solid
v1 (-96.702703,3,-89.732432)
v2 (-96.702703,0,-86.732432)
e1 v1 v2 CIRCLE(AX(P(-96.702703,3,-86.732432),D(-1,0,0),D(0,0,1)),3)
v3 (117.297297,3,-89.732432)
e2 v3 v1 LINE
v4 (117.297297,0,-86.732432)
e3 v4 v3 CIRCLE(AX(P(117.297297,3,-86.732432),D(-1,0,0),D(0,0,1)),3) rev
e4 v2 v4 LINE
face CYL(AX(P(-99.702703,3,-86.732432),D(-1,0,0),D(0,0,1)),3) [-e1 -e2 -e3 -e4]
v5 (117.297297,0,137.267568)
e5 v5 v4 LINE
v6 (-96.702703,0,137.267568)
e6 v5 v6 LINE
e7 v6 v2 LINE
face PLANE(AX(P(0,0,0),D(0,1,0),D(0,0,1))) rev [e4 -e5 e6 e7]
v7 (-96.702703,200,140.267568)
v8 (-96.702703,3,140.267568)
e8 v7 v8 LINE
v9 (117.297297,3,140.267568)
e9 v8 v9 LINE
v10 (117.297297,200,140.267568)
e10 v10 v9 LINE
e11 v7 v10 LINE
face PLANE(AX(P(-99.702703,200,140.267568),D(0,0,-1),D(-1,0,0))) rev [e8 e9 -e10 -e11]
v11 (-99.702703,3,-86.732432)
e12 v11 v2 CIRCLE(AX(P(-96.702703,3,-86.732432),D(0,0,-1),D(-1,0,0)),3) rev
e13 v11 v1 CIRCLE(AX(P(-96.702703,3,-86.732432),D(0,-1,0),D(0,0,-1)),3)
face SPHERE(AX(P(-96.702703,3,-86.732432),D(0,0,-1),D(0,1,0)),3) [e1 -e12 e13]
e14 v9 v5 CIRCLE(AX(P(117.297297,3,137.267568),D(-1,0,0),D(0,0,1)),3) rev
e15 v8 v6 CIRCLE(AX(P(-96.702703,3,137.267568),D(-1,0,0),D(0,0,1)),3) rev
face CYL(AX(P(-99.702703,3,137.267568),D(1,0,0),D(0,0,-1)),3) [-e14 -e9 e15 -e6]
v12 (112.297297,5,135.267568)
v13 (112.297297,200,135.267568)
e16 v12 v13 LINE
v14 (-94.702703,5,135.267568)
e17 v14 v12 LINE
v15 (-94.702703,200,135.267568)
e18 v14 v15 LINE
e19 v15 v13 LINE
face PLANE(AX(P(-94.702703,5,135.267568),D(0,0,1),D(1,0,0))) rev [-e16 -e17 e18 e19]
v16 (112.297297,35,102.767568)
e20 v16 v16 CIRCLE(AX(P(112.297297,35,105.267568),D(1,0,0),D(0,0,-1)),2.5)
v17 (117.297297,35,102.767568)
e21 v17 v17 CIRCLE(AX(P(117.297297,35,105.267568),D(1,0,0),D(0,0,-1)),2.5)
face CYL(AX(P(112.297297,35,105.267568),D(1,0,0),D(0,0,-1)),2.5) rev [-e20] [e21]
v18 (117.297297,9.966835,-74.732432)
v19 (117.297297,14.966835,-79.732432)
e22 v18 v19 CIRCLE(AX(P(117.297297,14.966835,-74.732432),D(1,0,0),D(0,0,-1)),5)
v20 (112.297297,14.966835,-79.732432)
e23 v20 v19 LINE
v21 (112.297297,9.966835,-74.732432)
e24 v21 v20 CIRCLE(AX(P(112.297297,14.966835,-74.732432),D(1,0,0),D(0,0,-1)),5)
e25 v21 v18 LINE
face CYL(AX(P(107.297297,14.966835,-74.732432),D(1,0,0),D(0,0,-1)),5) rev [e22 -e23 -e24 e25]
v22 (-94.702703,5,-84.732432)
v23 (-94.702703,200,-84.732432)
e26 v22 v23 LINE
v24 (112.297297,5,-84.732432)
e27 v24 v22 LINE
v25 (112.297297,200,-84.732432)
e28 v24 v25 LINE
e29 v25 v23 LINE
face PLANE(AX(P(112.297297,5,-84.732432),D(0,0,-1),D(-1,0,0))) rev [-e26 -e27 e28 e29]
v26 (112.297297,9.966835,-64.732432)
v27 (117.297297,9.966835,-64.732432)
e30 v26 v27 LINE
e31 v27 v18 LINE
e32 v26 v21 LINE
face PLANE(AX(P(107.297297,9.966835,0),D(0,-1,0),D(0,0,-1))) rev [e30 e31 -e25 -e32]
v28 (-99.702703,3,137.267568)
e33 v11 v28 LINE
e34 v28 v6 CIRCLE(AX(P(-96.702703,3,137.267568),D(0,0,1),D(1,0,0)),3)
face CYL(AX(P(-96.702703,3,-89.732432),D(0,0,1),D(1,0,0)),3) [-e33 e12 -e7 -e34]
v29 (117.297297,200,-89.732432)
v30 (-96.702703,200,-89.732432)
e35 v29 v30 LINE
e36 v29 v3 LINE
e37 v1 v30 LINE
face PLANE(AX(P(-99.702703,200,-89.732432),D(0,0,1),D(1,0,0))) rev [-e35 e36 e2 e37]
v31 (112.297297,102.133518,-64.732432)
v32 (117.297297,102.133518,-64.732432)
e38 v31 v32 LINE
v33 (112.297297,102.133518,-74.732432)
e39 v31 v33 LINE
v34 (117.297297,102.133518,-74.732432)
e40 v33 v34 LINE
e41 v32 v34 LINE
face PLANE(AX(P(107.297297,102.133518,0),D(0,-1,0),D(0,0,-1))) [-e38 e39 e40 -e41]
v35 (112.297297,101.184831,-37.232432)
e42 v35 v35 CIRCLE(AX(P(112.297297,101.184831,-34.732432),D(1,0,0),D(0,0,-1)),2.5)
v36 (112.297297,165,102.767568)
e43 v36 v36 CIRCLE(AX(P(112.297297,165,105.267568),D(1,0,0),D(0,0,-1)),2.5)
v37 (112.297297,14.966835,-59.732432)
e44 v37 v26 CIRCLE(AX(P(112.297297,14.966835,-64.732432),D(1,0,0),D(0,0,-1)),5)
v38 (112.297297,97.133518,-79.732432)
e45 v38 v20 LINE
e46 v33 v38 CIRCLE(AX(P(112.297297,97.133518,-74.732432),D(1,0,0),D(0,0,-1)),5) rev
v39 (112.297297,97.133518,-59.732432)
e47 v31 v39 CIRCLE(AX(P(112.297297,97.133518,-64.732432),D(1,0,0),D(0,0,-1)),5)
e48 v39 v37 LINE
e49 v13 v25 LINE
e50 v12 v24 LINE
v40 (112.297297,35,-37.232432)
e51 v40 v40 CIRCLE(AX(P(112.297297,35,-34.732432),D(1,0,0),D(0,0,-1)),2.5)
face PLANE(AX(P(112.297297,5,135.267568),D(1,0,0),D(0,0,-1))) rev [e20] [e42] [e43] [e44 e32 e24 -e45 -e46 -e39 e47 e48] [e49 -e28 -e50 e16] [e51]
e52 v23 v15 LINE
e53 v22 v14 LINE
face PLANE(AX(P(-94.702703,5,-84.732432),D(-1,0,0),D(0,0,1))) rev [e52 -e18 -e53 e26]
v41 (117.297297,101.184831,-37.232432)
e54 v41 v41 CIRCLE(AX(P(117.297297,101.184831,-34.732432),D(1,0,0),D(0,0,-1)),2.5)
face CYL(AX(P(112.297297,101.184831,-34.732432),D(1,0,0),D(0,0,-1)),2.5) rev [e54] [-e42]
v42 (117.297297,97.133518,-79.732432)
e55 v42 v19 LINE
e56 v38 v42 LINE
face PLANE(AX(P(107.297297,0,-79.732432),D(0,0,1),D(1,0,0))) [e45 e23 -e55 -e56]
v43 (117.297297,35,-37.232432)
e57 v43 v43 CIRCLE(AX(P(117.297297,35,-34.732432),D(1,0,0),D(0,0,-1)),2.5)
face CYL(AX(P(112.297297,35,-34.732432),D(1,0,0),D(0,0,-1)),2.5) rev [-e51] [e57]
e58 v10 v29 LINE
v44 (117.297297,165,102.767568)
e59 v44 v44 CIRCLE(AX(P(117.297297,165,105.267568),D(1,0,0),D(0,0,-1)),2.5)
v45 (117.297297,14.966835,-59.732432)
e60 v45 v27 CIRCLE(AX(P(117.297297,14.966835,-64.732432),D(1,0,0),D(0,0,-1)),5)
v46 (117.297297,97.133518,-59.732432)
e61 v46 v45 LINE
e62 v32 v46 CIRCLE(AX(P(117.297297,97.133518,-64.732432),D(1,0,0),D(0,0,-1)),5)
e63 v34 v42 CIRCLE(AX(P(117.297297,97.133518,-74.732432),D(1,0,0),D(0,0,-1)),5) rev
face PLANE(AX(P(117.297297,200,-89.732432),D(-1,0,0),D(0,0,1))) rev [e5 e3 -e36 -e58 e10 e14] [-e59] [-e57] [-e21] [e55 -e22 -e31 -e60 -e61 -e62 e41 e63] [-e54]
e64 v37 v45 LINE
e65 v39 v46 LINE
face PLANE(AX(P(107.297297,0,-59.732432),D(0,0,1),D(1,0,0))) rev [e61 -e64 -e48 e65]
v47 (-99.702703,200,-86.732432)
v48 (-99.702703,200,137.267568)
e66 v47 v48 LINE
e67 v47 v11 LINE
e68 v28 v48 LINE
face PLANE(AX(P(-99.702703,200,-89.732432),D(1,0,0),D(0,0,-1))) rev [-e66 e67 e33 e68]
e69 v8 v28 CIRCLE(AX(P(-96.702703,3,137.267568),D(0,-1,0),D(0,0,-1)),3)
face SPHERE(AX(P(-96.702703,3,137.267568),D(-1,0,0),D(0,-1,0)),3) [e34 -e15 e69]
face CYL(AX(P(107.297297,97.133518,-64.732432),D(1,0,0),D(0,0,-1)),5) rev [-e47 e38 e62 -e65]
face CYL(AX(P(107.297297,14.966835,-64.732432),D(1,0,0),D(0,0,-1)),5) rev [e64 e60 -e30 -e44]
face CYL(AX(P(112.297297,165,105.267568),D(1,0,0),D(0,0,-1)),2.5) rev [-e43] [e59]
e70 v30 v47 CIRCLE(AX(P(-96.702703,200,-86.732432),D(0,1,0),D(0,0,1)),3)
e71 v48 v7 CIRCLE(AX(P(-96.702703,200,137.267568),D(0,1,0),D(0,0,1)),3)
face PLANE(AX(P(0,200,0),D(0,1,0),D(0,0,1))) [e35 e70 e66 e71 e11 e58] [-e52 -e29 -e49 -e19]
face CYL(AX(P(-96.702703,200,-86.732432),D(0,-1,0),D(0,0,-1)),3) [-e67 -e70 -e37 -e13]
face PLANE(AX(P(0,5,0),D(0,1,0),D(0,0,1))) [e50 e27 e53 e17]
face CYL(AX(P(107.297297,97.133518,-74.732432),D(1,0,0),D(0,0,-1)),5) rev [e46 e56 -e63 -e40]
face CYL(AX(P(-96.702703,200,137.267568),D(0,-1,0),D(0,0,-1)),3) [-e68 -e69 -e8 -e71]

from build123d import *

# Parameters (mm, degrees)
SKETCH1_W           = 217
SKETCH1_H           = 230
BOSS_EXTRUDE1_DEPTH = 200
SKETCH2_W           = 207
SKETCH2_H           = 220
CUT_EXTRUDE1_DEPTH  = 195
FILLET1_R           = 3
CUT_EXTRUDE2_DEPTH  = 5
CUT_EXTRUDE3_DEPTH  = 10


with BuildPart() as part:
    # Sketch1 → Boss-Extrude1 (new body)
    with BuildSketch(Plane(origin=(0, 0, 0), x_dir=(1, 0, 0), z_dir=(0, 1, 0))):
        with Locations((8.797297297, -25.267567568)):
            Rectangle(SKETCH1_W, SKETCH1_H)
    extrude(amount=BOSS_EXTRUDE1_DEPTH)

    # Sketch2 → Cut-Extrude1 (cut)
    with BuildSketch(Plane(origin=(0, 200, 0), x_dir=(1, 0, 0), z_dir=(0, 1, 0))):
        with Locations((8.797297297, -25.267567568)):
            Rectangle(SKETCH2_W, SKETCH2_H)
    extrude(amount=-CUT_EXTRUDE1_DEPTH, mode=Mode.SUBTRACT)

    # Fillet1
    fillet1_edges = [part.edges().sort_by_distance(p)[0] for p in [
        (8.797297297, 0, -89.732432432),
        (8.797297297, 0, 140.267567568),
        (-99.702702703, 0, 25.267567568),
        (-99.702702703, 100, -89.732432432),
        (-99.702702703, 100, 140.267567568),
    ]]
    fillet(fillet1_edges, radius=FILLET1_R)

    # Sketch3 → Cut-Extrude2 (cut)
    with BuildSketch(Plane(origin=(117.297297297, 0, 0), x_dir=(0, 0, -1), z_dir=(1, 0, 0))):
        with BuildLine():
            ThreePointArc((-105.267567568, 162.5), (-103.499800615, 163.232233047), (-102.767567568, 165))
            Line((-102.767567568, 165), (-105.267567568, 165))
            Line((-105.267567568, 165), (-105.267567568, 162.5))
        make_face()
        with BuildLine():
            Line((-105.267567568, 165), (-102.767567568, 165))
            ThreePointArc((-102.767567568, 165), (-107.035334521, 166.767766953), (-105.267567568, 162.5))
            Line((-105.267567568, 162.5), (-105.267567568, 165))
        make_face()
        with BuildLine():
            ThreePointArc((-105.267567568, 37.5), (-107.035334521, 33.232233047), (-102.767567568, 35))
            Line((-102.767567568, 35), (-105.267567568, 35))
            Line((-105.267567568, 35), (-105.267567568, 37.5))
        make_face()
        with BuildLine():
            Line((-105.267567568, 35), (-102.767567568, 35))
            ThreePointArc((-102.767567568, 35), (-103.499800615, 36.767766953), (-105.267567568, 37.5))
            Line((-105.267567568, 37.5), (-105.267567568, 35))
        make_face()
        with BuildLine():
            ThreePointArc((37.232432432, 35), (36.500199385, 36.767766953), (34.732432432, 37.5))
            Line((34.732432432, 37.5), (34.732432432, 35))
            Line((34.732432432, 35), (32.232432432, 35))
            ThreePointArc((32.232432432, 35), (34.732432432, 32.5), (37.232432432, 35))
        make_face()
        with BuildLine():
            Line((34.732432432, 35), (34.732432432, 37.5))
            ThreePointArc((34.732432432, 37.5), (32.964665479, 36.767766953), (32.232432432, 35))
            Line((32.232432432, 35), (34.732432432, 35))
        make_face()
        with BuildLine():
            Line((32.56180467, 102.425143832), (34.732432432, 101.184831324))
            Line((34.732432432, 101.184831324), (34.732432432, 98.684831324))
            ThreePointArc((34.732432432, 98.684831324), (36.500199385, 99.417064371), (37.232432432, 101.184831324))
            ThreePointArc((37.232432432, 101.184831324), (35.37408288, 103.601085595), (32.56180467, 102.425143832))
        make_face()
        with BuildLine():
            Line((34.732432432, 98.684831324), (34.732432432, 101.184831324))
            Line((34.732432432, 101.184831324), (32.56180467, 102.425143832))
            ThreePointArc((32.56180467, 102.425143832), (32.570167269, 99.929996927), (34.732432432, 98.684831324))
        make_face()
    extrude(amount=-CUT_EXTRUDE2_DEPTH, mode=Mode.SUBTRACT)

    # Sketch4 → Cut-Extrude3 (cut)
    with BuildSketch(Plane(origin=(117.297297297, 0, 0), x_dir=(0, 0, -1), z_dir=(1, 0, 0))):
        with BuildLine():
            Line((64.732432432, 102.133518404), (74.732432432, 102.133518404))
            ThreePointArc((74.732432432, 102.133518404), (78.267966338, 100.66905231), (79.732432432, 97.133518404))
            Line((79.732432432, 97.133518404), (79.732432432, 14.966834817))
            ThreePointArc((79.732432432, 14.966834817), (78.267966338, 11.431300911), (74.732432432, 9.966834817))
            Line((74.732432432, 9.966834817), (64.732432432, 9.966834817))
            ThreePointArc((64.732432432, 9.966834817), (61.196898526, 11.431300911), (59.732432432, 14.966834817))
            Line((59.732432432, 14.966834817), (59.732432432, 97.133518404))
            ThreePointArc((59.732432432, 97.133518404), (61.196898526, 100.66905231), (64.732432432, 102.133518404))
        make_face()
    extrude(amount=-CUT_EXTRUDE3_DEPTH, mode=Mode.SUBTRACT)


solid = part.part
